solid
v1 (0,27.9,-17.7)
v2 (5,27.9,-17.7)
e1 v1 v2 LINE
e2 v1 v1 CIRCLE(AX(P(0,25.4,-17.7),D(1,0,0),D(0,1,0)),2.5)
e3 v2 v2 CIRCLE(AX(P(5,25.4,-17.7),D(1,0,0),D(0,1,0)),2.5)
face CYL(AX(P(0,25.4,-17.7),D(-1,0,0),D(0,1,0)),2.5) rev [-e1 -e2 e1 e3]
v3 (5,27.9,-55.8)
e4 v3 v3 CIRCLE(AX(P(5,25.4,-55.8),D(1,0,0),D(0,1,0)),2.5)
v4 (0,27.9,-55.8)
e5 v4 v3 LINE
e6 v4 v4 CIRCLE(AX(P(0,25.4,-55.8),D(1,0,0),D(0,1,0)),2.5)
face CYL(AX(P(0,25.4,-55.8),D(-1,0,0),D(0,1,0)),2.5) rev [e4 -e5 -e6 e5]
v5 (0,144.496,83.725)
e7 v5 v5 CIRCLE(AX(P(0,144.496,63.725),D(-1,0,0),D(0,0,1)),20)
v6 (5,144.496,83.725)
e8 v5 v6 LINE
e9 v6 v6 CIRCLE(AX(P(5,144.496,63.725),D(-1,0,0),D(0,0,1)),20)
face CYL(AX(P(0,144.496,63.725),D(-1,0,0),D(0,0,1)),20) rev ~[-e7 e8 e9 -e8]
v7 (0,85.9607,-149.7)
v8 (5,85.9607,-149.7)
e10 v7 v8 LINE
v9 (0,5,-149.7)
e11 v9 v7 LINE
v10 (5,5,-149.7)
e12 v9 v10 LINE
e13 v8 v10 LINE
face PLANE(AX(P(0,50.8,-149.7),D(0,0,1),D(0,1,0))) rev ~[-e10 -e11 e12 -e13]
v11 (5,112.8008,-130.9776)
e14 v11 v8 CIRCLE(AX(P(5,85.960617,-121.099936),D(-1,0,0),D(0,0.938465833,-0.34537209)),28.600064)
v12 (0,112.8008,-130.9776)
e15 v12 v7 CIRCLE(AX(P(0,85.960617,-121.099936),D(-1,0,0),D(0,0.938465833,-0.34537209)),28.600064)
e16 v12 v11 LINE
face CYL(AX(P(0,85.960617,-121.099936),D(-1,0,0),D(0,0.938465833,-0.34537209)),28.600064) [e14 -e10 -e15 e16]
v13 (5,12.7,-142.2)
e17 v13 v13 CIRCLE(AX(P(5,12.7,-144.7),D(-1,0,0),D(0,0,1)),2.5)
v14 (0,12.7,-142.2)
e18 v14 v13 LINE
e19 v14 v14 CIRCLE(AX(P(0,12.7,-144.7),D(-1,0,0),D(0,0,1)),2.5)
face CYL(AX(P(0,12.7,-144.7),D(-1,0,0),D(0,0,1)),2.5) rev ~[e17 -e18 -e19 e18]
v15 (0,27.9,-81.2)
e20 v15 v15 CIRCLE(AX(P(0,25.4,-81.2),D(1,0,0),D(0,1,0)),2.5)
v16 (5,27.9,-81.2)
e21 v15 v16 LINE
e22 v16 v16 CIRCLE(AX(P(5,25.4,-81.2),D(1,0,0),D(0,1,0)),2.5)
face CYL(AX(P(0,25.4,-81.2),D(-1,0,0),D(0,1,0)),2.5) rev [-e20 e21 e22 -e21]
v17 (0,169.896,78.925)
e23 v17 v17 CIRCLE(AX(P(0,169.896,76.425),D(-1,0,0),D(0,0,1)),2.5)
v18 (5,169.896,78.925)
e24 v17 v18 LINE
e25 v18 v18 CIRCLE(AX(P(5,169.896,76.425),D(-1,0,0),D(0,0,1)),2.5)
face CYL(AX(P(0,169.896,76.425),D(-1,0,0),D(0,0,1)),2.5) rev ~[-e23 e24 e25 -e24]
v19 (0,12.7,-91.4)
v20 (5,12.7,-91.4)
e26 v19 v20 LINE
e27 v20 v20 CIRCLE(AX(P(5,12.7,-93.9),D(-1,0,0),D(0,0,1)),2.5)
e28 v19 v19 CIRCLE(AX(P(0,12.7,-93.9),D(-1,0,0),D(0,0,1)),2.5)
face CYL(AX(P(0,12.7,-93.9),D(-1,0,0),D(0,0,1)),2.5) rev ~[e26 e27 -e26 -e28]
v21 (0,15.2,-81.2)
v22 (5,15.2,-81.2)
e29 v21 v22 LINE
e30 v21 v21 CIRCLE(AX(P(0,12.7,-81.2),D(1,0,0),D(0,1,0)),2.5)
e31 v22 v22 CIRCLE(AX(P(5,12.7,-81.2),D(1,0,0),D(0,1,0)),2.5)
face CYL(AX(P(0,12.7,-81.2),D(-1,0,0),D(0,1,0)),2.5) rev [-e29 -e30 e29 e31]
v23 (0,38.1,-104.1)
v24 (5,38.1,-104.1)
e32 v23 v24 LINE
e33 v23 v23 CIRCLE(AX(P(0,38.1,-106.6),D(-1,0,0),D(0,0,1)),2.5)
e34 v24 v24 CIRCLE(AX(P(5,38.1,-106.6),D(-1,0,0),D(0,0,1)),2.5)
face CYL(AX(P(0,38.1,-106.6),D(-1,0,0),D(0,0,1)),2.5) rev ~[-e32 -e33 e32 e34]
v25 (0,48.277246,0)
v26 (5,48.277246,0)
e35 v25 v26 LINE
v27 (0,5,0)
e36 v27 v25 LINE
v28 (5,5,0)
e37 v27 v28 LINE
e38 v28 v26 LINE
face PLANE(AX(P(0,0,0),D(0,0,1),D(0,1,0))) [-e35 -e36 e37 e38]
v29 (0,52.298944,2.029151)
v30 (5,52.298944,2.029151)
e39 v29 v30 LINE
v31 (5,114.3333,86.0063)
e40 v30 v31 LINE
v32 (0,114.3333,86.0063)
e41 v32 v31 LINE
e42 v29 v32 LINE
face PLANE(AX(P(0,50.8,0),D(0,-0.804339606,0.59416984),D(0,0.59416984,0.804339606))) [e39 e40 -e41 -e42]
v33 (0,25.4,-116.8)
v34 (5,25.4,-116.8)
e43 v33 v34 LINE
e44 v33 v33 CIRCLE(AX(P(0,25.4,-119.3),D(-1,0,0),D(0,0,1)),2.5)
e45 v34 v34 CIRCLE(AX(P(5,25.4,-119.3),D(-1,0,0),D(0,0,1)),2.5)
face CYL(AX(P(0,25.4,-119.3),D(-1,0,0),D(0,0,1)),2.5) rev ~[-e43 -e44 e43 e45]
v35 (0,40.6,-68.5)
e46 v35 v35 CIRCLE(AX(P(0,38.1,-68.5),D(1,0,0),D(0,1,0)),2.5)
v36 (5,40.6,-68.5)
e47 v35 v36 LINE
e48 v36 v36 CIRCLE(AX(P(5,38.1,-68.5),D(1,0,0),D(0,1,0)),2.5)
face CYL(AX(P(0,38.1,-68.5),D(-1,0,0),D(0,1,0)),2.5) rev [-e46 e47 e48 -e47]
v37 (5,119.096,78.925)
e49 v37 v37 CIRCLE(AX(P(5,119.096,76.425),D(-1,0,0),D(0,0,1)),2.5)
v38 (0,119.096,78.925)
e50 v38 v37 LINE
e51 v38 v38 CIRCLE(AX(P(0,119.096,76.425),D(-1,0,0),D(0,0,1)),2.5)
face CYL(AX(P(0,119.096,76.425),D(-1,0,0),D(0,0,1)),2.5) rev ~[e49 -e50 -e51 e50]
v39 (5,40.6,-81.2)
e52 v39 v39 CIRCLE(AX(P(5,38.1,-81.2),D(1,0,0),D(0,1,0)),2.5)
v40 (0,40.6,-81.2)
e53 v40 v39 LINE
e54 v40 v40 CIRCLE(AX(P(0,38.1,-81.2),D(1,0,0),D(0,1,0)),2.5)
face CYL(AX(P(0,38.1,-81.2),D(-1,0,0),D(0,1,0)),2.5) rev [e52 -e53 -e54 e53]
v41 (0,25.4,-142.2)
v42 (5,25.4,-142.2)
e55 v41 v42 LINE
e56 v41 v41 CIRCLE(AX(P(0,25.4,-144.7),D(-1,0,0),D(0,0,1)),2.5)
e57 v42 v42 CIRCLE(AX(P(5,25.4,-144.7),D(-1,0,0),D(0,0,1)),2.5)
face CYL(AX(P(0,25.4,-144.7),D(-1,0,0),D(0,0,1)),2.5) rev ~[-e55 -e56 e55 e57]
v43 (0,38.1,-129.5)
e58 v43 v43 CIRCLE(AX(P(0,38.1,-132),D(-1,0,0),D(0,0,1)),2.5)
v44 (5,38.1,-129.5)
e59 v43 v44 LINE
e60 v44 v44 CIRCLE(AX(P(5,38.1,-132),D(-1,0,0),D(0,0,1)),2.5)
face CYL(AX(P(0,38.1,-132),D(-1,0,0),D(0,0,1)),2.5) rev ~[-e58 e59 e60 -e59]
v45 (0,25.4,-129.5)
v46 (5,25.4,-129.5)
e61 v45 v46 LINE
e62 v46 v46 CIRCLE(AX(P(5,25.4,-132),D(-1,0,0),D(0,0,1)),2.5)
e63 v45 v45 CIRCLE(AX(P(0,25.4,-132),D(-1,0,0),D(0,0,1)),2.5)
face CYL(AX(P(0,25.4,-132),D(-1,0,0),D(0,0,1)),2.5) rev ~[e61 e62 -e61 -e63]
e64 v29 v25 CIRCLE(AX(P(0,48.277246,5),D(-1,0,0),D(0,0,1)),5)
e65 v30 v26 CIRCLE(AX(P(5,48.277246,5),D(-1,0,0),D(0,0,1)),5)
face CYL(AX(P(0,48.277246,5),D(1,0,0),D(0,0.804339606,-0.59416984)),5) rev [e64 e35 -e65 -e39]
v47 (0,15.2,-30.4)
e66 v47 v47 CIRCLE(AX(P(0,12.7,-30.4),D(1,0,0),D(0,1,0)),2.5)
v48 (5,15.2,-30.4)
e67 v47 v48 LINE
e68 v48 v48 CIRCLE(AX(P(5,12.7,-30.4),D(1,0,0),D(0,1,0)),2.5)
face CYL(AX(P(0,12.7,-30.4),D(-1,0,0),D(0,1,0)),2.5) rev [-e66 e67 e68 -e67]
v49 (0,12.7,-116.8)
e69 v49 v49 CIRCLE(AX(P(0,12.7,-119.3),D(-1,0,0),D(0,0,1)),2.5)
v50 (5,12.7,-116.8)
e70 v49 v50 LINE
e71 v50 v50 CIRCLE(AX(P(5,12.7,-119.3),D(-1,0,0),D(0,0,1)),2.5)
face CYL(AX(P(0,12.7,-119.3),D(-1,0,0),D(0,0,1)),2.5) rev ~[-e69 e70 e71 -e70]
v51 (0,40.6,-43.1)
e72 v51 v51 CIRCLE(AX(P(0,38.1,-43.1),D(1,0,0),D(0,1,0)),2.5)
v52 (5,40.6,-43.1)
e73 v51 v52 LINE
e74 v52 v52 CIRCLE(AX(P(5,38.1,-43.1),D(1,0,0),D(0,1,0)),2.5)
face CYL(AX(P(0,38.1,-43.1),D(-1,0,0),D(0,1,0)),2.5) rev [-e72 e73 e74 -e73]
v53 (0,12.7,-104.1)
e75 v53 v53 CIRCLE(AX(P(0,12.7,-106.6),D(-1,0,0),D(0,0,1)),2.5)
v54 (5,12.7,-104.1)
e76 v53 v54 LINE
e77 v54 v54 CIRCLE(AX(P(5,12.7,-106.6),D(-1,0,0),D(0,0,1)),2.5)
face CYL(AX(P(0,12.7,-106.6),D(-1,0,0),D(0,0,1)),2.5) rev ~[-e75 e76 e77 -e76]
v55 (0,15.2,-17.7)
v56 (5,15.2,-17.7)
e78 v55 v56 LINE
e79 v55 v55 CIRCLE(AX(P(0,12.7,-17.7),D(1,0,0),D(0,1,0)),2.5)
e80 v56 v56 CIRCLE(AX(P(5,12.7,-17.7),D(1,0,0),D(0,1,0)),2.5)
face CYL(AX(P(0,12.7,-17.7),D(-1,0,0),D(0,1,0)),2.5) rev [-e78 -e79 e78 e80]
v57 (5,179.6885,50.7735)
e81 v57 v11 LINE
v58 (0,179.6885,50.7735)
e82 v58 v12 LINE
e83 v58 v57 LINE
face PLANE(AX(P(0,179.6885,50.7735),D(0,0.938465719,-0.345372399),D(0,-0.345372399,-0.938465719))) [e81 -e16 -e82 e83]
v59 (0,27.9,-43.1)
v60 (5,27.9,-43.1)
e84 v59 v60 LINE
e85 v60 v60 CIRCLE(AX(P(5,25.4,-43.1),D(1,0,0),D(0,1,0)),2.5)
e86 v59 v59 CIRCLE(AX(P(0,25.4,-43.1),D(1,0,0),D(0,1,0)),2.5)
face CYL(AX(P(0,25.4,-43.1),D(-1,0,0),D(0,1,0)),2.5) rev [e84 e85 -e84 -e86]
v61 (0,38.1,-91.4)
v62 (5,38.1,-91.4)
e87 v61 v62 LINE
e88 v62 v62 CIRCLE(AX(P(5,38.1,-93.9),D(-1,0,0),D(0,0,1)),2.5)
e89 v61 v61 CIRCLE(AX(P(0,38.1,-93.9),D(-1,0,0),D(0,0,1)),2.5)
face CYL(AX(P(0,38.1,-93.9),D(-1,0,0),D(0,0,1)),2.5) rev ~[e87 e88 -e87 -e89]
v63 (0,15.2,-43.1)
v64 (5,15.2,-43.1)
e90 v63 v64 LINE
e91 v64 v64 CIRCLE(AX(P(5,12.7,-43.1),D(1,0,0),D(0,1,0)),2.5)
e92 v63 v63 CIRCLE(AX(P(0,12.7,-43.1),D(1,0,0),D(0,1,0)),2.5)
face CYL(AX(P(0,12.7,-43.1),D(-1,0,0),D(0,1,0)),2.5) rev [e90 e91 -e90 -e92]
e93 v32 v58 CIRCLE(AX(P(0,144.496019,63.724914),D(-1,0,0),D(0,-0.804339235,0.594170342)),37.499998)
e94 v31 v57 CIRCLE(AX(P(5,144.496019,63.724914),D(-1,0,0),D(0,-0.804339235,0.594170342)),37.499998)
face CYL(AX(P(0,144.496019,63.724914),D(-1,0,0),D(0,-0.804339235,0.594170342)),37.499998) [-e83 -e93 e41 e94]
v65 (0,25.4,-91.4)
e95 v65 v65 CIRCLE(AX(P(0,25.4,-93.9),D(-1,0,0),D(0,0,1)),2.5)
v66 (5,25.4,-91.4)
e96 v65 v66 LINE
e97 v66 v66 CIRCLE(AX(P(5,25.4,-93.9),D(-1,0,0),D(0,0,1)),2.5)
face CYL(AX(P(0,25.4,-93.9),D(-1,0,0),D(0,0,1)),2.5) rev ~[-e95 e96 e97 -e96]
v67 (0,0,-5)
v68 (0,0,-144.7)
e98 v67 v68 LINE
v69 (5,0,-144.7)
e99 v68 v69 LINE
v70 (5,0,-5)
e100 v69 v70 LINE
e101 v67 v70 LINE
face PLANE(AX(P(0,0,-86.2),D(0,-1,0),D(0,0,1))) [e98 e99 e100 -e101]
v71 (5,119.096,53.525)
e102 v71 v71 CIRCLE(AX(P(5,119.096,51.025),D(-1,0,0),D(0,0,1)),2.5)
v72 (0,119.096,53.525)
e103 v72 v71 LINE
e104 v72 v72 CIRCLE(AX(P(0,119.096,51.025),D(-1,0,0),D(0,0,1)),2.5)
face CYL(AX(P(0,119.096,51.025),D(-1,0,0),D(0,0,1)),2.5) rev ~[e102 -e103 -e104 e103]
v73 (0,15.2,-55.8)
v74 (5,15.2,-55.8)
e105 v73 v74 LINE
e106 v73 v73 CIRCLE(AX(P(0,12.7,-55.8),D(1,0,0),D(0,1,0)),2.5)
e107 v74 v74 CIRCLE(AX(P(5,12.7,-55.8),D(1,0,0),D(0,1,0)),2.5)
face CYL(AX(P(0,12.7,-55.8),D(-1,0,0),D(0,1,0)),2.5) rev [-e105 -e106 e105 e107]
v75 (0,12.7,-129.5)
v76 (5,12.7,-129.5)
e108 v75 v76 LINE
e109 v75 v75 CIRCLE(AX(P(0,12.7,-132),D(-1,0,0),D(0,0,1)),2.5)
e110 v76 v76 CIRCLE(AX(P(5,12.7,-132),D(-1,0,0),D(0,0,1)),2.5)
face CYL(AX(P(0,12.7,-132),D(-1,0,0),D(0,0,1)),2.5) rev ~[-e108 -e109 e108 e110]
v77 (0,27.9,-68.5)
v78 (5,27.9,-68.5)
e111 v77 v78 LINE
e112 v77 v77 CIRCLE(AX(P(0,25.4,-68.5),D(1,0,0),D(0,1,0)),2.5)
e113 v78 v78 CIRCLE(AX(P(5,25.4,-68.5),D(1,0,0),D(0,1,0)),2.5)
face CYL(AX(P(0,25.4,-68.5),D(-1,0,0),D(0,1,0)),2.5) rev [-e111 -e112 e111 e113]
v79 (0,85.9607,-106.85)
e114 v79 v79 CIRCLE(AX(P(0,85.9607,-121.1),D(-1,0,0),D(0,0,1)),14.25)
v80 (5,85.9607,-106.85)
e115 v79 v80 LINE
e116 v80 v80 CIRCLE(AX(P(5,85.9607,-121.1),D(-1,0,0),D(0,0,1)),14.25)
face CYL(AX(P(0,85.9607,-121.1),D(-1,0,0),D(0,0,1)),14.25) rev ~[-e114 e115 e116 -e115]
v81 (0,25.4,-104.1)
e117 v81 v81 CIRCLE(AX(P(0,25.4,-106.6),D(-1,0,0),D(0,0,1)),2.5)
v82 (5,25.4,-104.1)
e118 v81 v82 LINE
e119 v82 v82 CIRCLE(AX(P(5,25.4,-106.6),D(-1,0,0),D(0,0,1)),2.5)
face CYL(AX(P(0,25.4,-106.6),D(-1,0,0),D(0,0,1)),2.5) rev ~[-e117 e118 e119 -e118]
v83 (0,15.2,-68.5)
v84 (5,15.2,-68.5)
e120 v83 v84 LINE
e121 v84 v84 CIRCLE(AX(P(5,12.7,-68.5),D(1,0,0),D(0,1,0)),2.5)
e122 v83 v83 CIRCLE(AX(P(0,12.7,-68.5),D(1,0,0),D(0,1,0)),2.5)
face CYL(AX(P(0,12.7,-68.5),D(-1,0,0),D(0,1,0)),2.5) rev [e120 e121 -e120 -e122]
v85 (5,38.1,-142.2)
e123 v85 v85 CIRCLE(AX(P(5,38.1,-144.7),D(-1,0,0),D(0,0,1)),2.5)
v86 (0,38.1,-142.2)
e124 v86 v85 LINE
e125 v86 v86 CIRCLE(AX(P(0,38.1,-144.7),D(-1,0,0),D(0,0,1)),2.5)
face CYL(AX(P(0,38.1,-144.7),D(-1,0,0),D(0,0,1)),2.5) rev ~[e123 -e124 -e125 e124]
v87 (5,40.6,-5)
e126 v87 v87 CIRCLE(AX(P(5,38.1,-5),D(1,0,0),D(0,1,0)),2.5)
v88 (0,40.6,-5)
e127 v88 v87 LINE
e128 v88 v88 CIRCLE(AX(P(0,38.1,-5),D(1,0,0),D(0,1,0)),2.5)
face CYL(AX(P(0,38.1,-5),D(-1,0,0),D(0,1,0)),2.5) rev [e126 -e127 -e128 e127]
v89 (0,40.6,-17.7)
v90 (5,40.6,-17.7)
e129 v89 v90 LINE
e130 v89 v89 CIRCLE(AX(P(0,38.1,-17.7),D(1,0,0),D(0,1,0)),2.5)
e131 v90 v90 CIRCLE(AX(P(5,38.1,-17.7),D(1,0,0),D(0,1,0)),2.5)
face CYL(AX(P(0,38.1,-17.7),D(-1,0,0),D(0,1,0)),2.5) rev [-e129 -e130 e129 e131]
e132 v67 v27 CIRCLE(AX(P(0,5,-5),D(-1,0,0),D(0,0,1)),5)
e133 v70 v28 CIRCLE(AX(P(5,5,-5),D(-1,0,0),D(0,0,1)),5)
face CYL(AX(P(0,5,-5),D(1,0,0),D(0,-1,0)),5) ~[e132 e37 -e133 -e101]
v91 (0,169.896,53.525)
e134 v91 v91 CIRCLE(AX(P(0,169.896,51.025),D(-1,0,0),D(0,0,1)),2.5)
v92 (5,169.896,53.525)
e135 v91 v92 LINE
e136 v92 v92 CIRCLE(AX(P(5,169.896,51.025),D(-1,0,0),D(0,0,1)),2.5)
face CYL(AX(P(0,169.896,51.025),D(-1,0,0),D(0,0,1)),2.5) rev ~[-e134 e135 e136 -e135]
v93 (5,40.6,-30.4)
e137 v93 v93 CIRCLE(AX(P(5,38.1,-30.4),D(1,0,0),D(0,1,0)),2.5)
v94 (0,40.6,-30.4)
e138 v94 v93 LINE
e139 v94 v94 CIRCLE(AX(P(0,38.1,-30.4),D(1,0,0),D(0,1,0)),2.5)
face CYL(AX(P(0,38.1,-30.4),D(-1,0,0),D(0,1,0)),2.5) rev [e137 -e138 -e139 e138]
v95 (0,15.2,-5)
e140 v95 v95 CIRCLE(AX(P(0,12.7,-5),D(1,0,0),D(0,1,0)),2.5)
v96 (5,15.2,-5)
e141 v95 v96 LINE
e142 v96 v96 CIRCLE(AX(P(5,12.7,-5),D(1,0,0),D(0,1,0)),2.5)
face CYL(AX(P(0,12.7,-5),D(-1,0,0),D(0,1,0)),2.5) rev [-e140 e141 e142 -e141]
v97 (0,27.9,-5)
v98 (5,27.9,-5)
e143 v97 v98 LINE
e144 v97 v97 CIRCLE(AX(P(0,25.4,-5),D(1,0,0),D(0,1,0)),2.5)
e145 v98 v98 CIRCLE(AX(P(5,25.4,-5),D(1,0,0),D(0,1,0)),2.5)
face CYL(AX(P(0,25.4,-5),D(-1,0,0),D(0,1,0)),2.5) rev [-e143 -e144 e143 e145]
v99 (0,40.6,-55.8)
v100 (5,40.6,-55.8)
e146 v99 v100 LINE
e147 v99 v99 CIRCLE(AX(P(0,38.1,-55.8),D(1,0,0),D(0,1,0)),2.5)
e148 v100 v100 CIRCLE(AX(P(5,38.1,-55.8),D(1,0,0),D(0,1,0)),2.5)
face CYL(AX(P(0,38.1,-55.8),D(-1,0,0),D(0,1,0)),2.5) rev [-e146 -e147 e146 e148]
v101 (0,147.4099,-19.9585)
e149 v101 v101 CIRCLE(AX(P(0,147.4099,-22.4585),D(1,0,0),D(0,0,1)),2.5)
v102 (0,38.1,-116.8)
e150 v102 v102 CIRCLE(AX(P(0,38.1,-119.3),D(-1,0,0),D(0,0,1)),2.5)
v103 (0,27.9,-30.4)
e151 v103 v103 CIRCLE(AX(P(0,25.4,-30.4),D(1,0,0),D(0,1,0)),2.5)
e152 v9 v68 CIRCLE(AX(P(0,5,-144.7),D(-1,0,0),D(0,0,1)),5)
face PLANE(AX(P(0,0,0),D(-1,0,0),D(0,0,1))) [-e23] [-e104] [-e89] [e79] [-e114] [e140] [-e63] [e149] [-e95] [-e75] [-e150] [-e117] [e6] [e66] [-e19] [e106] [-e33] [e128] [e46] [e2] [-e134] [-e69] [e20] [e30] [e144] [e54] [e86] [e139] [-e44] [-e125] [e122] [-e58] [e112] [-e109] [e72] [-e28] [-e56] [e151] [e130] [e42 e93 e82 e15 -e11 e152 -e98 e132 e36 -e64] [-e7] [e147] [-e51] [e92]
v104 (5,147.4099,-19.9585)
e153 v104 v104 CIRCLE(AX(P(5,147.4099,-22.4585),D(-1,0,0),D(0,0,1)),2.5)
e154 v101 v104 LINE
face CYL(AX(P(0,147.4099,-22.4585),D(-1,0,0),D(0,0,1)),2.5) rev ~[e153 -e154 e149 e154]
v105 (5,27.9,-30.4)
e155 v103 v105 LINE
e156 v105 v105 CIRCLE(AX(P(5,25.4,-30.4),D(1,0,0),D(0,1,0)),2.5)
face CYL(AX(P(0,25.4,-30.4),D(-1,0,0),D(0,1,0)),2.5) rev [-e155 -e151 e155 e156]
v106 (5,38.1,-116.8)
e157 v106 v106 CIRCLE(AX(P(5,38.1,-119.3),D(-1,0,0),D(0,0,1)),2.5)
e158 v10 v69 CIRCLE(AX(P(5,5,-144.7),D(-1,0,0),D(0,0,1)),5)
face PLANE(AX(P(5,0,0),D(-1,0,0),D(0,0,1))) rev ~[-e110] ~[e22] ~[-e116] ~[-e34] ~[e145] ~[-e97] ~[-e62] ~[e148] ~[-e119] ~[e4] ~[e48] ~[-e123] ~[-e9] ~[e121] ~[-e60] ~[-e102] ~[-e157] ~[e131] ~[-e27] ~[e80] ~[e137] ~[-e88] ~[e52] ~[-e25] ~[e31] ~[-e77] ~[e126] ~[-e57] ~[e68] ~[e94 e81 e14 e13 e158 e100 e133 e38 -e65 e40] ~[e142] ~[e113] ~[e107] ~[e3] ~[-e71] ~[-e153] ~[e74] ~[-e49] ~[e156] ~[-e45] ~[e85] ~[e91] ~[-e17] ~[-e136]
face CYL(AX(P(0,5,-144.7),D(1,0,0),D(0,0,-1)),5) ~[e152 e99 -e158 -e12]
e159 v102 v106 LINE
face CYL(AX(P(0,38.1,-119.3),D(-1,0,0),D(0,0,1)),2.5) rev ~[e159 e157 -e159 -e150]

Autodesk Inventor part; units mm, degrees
ref_plane "YZ Plane" through (0, 0, 0) normal (1, 0, 0) x (0, 1, 0)
ref_plane "XZ Plane" through (0, 0, 0) normal (0, 1, 0) x (-1, 0, 0)
ref_plane "XY Plane" through (0, 0, 0) normal (0, 0, 1) x (1, 0, 0)
sketch "Esboço1" plane through (0, 0, 0) normal (1, 0, 0) x (0, 1, 0)
  line L0 (0, 0) -> (50.8, 0)
  line L1 (50.8, 0) -> (50.8, -86.2)
  line L2 (50.8, -86.2) -> (0, -86.2)
  line L3 (0, -86.2) -> (0, 0)
  circle A0 centre (38.1, -5) radius 2.5
  circle A1 centre (25.4, -5) radius 2.5
  circle A2 centre (12.7, -5) radius 2.5
  circle A3 centre (38.1, -17.7) radius 2.5
  circle A4 centre (25.4, -17.7) radius 2.5
  circle A5 centre (12.7, -17.7) radius 2.5
  circle A6 centre (38.1, -30.4) radius 2.5
  circle A7 centre (25.4, -30.4) radius 2.5
  circle A8 centre (12.7, -30.4) radius 2.5
  circle A9 centre (38.1, -43.1) radius 2.5
  circle A10 centre (25.4, -43.1) radius 2.5
  circle A11 centre (12.7, -43.1) radius 2.5
  circle A12 centre (38.1, -55.8) radius 2.5
  circle A13 centre (25.4, -55.8) radius 2.5
  circle A14 centre (12.7, -55.8) radius 2.5
  circle A15 centre (38.1, -68.5) radius 2.5
  circle A16 centre (25.4, -68.5) radius 2.5
  circle A17 centre (12.7, -68.5) radius 2.5
  circle A18 centre (38.1, -81.2) radius 2.5
  circle A19 centre (25.4, -81.2) radius 2.5
  circle A20 centre (12.7, -81.2) radius 2.5
  dimension "d0" = 50.8
  dimension "d1" = 86.2
  dimension "d2" = 5
  dimension "d3" = 5
  dimension "d4" = 5
  dimension "d5" = 5
  dimension "d6" = 5
  dimension "d7" = 5
  dimension "d8" = 12.7
  dimension "d9" = 12.7
  dimension "d10" = 12.7
  dimension "d13" = 12.7
extrude "Extrusão1" add sketch "Esboço1" along normal blind 5
sketch "Esboço2" plane through (0, 0, 0) normal (-1, 0, 0) x (0, 0, 1)
  line L0 (-86.2, 0) -> (-149.7, 0)
  line L1 (-149.7, 0) -> (-149.7, 50.8)
  line L2 (-149.7, 50.8) -> (-86.2, 50.8)
  line L3 (-86.2, 50.8) -> (-86.2, 0)
  circle A0 centre (-144.7, 38.1) radius 2.5 projected
  circle A1 centre (-144.7, 25.4) radius 2.5 projected
  circle A2 centre (-144.7, 12.7) radius 2.5 projected
  circle A3 centre (-132, 12.7) radius 2.5 projected
  circle A4 centre (-132, 25.4) radius 2.5 projected
  circle A5 centre (-132, 38.1) radius 2.5 projected
  circle A6 centre (-119.3, 38.1) radius 2.5 projected
  circle A7 centre (-119.3, 25.4) radius 2.5 projected
  circle A8 centre (-119.3, 12.7) radius 2.5 projected
  circle A9 centre (-106.6, 12.7) radius 2.5 projected
  circle A10 centre (-93.9, 12.7) radius 2.5 projected
  circle A11 centre (-93.9, 25.4) radius 2.5 projected
  circle A12 centre (-106.6, 25.4) radius 2.5 projected
  circle A13 centre (-106.6, 38.1) radius 2.5 projected
  circle A14 centre (-93.9, 38.1) radius 2.5 projected
  point P0 (0, 0)
  dimension "d20" = 50.8
  dimension "d21" = 5
extrude "Extrusão2" add sketch "Esboço2" against normal blind 5
sketch "Esboço3" plane through (0, 0, 0) normal (-1, 0, 0) x (0, 0, 1)
  circle A0 centre (-121.1, 85.9607) radius 4.5847 projected
  circle A1 centre (63.725, 144.496) radius 17.5 projected
  circle A2 centre (51.025, 169.896) radius 2.5 projected
  circle A3 centre (76.425, 169.896) radius 2.5 projected
  circle A4 centre (76.425, 119.096) radius 2.5 projected
  circle A5 centre (51.025, 119.096) radius 2.5 projected
  circle A6 centre (-121.1, 85.9607) radius 14.25
  circle A7 centre (63.725, 144.496) radius 20
  line L0 (-149.7, 50.8) -> (0, 50.8) projected
  line L1 (-149.7, 50.8) -> (-149.7, 85.9607)
  arc A8 (86.0063, 114.3333) -> (50.7735, 179.6885) centre (63.725, 144.496) ccw
  arc A9 (-130.9776, 112.8008) -> (-149.7, 85.9607) centre (-121.1, 85.9607) ccw
  line L2 (50.7735, 179.6885) -> (-130.9776, 112.8008)
  line L3 (0, 50.8) -> (0, 0) projected
  line L4 (0, 50.8) -> (86.0063, 114.3333)
  dimension "d26" = 28.5
  dimension "d27" = 40
  dimension "d28" = 75
extrude "Extrusão3" add sketch "Esboço3" against normal blind 5 contours L1 A9 L2 A8 L4 L0
fillet "Arredondamento1" radius 5 3 edges at (2.5, 50.8, 0) (2.5, 0, 0) (2.5, 0, -149.7)
sketch "Esboço4" plane through (0, 0, 0) normal (-1, 0, 0) x (0, 0, 1)
  line L0 (-233.5954, 270.0952) -> (45.2176, 111.8812) projected
  line L1 (50.7735, 179.6885) -> (-130.9776, 112.8008) projected
  circle A0 centre (-22.4585, 147.4099) radius 2.5
  point P0 (0, 0)
  dimension "d34" = 5
  dimension "d35" = 5
extrude "Extrusão4" cut sketch "Esboço4" against normal through all
equation "\"d6\" = d5"
equation "\"d7\" = d6"
equation "\"d9\" = d8"
equation "\"d10\" = d9"
properties part number "CHAPA FIXAÇÃO ESQUERDA 1 V2"
